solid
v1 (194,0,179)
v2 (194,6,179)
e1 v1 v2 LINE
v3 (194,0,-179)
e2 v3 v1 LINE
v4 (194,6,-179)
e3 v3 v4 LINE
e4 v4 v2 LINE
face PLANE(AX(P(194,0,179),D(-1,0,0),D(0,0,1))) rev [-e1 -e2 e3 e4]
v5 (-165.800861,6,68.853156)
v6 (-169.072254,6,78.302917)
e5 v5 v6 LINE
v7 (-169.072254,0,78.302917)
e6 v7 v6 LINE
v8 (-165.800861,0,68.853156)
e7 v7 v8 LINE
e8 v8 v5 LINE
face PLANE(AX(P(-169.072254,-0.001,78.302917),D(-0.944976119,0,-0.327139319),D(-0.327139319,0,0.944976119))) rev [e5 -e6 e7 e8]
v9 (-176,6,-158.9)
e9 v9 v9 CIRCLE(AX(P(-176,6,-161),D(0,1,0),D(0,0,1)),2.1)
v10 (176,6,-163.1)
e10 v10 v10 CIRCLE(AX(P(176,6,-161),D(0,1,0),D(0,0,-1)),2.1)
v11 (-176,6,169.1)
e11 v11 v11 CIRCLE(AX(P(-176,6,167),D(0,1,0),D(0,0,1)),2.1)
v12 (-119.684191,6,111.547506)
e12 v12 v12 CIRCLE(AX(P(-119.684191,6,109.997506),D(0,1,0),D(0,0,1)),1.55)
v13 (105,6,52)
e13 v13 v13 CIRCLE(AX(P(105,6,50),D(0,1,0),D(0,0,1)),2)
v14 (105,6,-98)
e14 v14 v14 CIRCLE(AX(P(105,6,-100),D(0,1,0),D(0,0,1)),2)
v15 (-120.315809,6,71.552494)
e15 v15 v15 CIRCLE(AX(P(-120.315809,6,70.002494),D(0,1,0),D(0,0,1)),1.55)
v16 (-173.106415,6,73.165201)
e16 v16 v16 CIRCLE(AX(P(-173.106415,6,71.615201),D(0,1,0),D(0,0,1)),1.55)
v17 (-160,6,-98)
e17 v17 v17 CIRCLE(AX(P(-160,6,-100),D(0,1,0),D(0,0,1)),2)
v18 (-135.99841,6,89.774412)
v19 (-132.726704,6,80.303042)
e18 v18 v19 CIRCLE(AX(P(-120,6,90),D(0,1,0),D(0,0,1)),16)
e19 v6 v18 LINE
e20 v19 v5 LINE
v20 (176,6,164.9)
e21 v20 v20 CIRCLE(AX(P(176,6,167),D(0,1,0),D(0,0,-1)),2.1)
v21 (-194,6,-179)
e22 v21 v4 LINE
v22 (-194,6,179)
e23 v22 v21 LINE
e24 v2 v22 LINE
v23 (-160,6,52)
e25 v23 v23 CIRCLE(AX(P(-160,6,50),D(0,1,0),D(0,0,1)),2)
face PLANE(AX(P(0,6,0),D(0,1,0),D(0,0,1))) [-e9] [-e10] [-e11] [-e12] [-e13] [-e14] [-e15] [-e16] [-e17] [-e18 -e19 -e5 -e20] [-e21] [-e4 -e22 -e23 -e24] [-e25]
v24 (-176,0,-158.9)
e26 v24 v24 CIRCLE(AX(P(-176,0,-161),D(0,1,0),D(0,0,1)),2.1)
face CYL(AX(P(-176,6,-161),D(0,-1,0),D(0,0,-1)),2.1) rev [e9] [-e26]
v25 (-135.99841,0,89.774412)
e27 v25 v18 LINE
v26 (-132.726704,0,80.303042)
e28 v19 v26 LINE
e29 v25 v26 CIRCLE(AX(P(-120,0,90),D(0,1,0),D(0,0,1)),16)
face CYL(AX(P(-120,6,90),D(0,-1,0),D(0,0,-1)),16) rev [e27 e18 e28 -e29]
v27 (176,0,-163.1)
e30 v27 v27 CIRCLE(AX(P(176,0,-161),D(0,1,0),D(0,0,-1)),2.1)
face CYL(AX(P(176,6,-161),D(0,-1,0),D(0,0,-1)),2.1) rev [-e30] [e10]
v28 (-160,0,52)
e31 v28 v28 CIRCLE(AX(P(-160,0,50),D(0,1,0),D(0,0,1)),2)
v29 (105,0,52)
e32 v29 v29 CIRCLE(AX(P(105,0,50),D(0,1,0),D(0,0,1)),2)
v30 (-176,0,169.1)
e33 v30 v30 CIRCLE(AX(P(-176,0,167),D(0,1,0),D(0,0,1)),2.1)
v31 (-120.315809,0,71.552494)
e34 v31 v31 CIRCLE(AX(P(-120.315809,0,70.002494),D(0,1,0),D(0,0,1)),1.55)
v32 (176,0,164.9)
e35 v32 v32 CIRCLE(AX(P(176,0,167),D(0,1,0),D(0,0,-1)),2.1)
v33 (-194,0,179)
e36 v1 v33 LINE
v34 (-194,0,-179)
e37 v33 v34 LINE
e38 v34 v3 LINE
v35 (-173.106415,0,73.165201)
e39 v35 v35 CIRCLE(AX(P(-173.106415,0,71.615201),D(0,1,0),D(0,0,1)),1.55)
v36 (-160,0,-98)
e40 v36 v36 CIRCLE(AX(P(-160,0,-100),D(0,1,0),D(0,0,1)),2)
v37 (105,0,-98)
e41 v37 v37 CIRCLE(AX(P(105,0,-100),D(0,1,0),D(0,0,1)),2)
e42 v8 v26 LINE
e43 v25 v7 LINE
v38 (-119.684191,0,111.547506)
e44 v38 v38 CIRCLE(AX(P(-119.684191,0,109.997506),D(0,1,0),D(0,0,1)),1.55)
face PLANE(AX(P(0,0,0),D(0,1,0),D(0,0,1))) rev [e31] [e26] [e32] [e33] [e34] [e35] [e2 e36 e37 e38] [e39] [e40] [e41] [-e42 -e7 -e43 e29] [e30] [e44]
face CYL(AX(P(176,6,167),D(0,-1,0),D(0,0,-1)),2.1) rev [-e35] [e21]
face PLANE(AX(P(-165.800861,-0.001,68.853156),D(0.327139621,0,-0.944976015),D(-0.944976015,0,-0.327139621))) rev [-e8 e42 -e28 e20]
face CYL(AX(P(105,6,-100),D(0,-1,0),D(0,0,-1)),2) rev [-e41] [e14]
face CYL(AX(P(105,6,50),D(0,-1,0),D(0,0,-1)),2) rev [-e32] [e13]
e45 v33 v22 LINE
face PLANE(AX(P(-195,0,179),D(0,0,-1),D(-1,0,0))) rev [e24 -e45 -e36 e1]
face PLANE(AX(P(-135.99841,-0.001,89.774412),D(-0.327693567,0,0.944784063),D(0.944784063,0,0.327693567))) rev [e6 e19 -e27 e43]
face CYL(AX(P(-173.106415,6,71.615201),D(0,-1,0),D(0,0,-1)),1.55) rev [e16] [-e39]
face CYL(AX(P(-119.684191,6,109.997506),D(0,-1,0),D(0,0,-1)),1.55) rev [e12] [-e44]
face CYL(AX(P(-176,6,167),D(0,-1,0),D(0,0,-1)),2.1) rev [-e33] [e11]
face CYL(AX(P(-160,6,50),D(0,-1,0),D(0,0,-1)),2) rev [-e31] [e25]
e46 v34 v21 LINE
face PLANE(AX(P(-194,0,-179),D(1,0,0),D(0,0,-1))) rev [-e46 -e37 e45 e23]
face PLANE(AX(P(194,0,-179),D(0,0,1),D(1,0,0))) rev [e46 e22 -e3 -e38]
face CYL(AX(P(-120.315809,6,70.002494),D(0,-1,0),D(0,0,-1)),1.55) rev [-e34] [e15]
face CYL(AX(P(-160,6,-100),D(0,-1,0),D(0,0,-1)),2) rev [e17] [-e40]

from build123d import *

# Parameters (mm, degrees)
SKETCH1_W           = 390
SKETCH1_H           = 360
SKETCH1_R           = 2.1
SKETCH1_R_2         = 16
SKETCH1_R_3         = 2
SKETCH1_R_4         = 1.55
BOSS_EXTRUDE1_DEPTH = 6
CUT_EXTRUDE1_REACH  = 267.445
SKETCH5_W           = 390
SKETCH5_H           = 1
CUT_EXTRUDE2_DEPTH  = 266.444909539
CUT_EXTRUDE3_DEPTH  = 266.444909539


with BuildPart() as part:
    # Sketch1 → Boss-Extrude1 (new body)
    with BuildSketch(Plane(origin=(0, 0, 0), x_dir=(1, 0, 0), z_dir=(0, 1, 0))):
        Rectangle(SKETCH1_W, SKETCH1_H)
        with Locations(Location((-176, 161, 0), (0, 0, 270))):
            Circle(SKETCH1_R, mode=Mode.SUBTRACT)
        with Locations(Location((-176, -167, 0), (0, 0, 270))):
            Circle(SKETCH1_R, mode=Mode.SUBTRACT)
        with Locations(Location((-120, -90, 0), (0, 0, 270))):
            Circle(SKETCH1_R_2, mode=Mode.SUBTRACT)
        with Locations(Location((176, -167, 0), (0, 0, 90))):
            Circle(SKETCH1_R, mode=Mode.SUBTRACT)
        with Locations(Location((176, 161, 0), (0, 0, 90))):
            Circle(SKETCH1_R, mode=Mode.SUBTRACT)
        with Locations(Location((-160, -50, 0), (0, 0, 270))):
            Circle(SKETCH1_R_3, mode=Mode.SUBTRACT)
        with Locations(Location((-160, 100, 0), (0, 0, 270))):
            Circle(SKETCH1_R_3, mode=Mode.SUBTRACT)
        with Locations(Location((105, -50, 0), (0, 0, 270))):
            Circle(SKETCH1_R_3, mode=Mode.SUBTRACT)
        with Locations(Location((105, 100, 0), (0, 0, 270))):
            Circle(SKETCH1_R_3, mode=Mode.SUBTRACT)
        with Locations(Location((-119.684190721, -109.997506457, 0), (0, 0, 270))):
            Circle(SKETCH1_R_4, mode=Mode.SUBTRACT)
        with Locations(Location((-120.315809279, -70.002493543, 0), (0, 0, 270))):
            Circle(SKETCH1_R_4, mode=Mode.SUBTRACT)
        with Locations(Location((-173.106414611, -71.615200698, 0), (0, 0, 270))):
            Circle(SKETCH1_R_4, mode=Mode.SUBTRACT)
    extrude(amount=BOSS_EXTRUDE1_DEPTH)

    # Sketch4 → Cut-Extrude1 (cut, up to next)
    with BuildSketch(Plane(origin=(0, 6, 0), x_dir=(1, 0, 0), z_dir=(0, 1, 0)), mode=Mode.PRIVATE) as cut_extrude1_sk1:
        with BuildLine():
            Line((-135.998409614, -89.77441229), (-169.072254333, -78.302916757))
            Line((-169.072254333, -78.302916757), (-165.800861457, -68.853156465))
            Line((-165.800861457, -68.853156465), (-132.726704425, -80.303041999))
            ThreePointArc((-132.726704425, -80.303041999), (-104.876846958, -95.224006323), (-135.998409614, -89.77441229))
        make_face()
    cut_extrude1_tool1 = extrude(cut_extrude1_sk1.sketch, amount=-CUT_EXTRUDE1_REACH, mode=Mode.PRIVATE) & part.part
    add(cut_extrude1_tool1.solids().sort_by_distance((-129.350351, 6, 86.764679))[0], mode=Mode.SUBTRACT)

    # Sketch5 → Cut-Extrude2 (cut, through all)
    with BuildSketch(Plane(origin=(0, 6, 0), x_dir=(1, 0, 0), z_dir=(0, 1, 0))):
        with Locations((0, -179.5)):
            Rectangle(SKETCH5_W, SKETCH5_H)
    extrude(amount=-CUT_EXTRUDE2_DEPTH, mode=Mode.SUBTRACT)

    # Sketch6 → Cut-Extrude3 (cut, through all)
    with BuildSketch(Plane(origin=(0, 6, 0), x_dir=(1, 0, 0), z_dir=(0, 1, 0))):
        Polygon((195, -179), (195, 180), (-195, 180), (-195, -179), (-194, -179), (-194, 179), (194, 179), (194, -179), align=None)
    extrude(amount=-CUT_EXTRUDE3_DEPTH, mode=Mode.SUBTRACT)


solid = part.part
